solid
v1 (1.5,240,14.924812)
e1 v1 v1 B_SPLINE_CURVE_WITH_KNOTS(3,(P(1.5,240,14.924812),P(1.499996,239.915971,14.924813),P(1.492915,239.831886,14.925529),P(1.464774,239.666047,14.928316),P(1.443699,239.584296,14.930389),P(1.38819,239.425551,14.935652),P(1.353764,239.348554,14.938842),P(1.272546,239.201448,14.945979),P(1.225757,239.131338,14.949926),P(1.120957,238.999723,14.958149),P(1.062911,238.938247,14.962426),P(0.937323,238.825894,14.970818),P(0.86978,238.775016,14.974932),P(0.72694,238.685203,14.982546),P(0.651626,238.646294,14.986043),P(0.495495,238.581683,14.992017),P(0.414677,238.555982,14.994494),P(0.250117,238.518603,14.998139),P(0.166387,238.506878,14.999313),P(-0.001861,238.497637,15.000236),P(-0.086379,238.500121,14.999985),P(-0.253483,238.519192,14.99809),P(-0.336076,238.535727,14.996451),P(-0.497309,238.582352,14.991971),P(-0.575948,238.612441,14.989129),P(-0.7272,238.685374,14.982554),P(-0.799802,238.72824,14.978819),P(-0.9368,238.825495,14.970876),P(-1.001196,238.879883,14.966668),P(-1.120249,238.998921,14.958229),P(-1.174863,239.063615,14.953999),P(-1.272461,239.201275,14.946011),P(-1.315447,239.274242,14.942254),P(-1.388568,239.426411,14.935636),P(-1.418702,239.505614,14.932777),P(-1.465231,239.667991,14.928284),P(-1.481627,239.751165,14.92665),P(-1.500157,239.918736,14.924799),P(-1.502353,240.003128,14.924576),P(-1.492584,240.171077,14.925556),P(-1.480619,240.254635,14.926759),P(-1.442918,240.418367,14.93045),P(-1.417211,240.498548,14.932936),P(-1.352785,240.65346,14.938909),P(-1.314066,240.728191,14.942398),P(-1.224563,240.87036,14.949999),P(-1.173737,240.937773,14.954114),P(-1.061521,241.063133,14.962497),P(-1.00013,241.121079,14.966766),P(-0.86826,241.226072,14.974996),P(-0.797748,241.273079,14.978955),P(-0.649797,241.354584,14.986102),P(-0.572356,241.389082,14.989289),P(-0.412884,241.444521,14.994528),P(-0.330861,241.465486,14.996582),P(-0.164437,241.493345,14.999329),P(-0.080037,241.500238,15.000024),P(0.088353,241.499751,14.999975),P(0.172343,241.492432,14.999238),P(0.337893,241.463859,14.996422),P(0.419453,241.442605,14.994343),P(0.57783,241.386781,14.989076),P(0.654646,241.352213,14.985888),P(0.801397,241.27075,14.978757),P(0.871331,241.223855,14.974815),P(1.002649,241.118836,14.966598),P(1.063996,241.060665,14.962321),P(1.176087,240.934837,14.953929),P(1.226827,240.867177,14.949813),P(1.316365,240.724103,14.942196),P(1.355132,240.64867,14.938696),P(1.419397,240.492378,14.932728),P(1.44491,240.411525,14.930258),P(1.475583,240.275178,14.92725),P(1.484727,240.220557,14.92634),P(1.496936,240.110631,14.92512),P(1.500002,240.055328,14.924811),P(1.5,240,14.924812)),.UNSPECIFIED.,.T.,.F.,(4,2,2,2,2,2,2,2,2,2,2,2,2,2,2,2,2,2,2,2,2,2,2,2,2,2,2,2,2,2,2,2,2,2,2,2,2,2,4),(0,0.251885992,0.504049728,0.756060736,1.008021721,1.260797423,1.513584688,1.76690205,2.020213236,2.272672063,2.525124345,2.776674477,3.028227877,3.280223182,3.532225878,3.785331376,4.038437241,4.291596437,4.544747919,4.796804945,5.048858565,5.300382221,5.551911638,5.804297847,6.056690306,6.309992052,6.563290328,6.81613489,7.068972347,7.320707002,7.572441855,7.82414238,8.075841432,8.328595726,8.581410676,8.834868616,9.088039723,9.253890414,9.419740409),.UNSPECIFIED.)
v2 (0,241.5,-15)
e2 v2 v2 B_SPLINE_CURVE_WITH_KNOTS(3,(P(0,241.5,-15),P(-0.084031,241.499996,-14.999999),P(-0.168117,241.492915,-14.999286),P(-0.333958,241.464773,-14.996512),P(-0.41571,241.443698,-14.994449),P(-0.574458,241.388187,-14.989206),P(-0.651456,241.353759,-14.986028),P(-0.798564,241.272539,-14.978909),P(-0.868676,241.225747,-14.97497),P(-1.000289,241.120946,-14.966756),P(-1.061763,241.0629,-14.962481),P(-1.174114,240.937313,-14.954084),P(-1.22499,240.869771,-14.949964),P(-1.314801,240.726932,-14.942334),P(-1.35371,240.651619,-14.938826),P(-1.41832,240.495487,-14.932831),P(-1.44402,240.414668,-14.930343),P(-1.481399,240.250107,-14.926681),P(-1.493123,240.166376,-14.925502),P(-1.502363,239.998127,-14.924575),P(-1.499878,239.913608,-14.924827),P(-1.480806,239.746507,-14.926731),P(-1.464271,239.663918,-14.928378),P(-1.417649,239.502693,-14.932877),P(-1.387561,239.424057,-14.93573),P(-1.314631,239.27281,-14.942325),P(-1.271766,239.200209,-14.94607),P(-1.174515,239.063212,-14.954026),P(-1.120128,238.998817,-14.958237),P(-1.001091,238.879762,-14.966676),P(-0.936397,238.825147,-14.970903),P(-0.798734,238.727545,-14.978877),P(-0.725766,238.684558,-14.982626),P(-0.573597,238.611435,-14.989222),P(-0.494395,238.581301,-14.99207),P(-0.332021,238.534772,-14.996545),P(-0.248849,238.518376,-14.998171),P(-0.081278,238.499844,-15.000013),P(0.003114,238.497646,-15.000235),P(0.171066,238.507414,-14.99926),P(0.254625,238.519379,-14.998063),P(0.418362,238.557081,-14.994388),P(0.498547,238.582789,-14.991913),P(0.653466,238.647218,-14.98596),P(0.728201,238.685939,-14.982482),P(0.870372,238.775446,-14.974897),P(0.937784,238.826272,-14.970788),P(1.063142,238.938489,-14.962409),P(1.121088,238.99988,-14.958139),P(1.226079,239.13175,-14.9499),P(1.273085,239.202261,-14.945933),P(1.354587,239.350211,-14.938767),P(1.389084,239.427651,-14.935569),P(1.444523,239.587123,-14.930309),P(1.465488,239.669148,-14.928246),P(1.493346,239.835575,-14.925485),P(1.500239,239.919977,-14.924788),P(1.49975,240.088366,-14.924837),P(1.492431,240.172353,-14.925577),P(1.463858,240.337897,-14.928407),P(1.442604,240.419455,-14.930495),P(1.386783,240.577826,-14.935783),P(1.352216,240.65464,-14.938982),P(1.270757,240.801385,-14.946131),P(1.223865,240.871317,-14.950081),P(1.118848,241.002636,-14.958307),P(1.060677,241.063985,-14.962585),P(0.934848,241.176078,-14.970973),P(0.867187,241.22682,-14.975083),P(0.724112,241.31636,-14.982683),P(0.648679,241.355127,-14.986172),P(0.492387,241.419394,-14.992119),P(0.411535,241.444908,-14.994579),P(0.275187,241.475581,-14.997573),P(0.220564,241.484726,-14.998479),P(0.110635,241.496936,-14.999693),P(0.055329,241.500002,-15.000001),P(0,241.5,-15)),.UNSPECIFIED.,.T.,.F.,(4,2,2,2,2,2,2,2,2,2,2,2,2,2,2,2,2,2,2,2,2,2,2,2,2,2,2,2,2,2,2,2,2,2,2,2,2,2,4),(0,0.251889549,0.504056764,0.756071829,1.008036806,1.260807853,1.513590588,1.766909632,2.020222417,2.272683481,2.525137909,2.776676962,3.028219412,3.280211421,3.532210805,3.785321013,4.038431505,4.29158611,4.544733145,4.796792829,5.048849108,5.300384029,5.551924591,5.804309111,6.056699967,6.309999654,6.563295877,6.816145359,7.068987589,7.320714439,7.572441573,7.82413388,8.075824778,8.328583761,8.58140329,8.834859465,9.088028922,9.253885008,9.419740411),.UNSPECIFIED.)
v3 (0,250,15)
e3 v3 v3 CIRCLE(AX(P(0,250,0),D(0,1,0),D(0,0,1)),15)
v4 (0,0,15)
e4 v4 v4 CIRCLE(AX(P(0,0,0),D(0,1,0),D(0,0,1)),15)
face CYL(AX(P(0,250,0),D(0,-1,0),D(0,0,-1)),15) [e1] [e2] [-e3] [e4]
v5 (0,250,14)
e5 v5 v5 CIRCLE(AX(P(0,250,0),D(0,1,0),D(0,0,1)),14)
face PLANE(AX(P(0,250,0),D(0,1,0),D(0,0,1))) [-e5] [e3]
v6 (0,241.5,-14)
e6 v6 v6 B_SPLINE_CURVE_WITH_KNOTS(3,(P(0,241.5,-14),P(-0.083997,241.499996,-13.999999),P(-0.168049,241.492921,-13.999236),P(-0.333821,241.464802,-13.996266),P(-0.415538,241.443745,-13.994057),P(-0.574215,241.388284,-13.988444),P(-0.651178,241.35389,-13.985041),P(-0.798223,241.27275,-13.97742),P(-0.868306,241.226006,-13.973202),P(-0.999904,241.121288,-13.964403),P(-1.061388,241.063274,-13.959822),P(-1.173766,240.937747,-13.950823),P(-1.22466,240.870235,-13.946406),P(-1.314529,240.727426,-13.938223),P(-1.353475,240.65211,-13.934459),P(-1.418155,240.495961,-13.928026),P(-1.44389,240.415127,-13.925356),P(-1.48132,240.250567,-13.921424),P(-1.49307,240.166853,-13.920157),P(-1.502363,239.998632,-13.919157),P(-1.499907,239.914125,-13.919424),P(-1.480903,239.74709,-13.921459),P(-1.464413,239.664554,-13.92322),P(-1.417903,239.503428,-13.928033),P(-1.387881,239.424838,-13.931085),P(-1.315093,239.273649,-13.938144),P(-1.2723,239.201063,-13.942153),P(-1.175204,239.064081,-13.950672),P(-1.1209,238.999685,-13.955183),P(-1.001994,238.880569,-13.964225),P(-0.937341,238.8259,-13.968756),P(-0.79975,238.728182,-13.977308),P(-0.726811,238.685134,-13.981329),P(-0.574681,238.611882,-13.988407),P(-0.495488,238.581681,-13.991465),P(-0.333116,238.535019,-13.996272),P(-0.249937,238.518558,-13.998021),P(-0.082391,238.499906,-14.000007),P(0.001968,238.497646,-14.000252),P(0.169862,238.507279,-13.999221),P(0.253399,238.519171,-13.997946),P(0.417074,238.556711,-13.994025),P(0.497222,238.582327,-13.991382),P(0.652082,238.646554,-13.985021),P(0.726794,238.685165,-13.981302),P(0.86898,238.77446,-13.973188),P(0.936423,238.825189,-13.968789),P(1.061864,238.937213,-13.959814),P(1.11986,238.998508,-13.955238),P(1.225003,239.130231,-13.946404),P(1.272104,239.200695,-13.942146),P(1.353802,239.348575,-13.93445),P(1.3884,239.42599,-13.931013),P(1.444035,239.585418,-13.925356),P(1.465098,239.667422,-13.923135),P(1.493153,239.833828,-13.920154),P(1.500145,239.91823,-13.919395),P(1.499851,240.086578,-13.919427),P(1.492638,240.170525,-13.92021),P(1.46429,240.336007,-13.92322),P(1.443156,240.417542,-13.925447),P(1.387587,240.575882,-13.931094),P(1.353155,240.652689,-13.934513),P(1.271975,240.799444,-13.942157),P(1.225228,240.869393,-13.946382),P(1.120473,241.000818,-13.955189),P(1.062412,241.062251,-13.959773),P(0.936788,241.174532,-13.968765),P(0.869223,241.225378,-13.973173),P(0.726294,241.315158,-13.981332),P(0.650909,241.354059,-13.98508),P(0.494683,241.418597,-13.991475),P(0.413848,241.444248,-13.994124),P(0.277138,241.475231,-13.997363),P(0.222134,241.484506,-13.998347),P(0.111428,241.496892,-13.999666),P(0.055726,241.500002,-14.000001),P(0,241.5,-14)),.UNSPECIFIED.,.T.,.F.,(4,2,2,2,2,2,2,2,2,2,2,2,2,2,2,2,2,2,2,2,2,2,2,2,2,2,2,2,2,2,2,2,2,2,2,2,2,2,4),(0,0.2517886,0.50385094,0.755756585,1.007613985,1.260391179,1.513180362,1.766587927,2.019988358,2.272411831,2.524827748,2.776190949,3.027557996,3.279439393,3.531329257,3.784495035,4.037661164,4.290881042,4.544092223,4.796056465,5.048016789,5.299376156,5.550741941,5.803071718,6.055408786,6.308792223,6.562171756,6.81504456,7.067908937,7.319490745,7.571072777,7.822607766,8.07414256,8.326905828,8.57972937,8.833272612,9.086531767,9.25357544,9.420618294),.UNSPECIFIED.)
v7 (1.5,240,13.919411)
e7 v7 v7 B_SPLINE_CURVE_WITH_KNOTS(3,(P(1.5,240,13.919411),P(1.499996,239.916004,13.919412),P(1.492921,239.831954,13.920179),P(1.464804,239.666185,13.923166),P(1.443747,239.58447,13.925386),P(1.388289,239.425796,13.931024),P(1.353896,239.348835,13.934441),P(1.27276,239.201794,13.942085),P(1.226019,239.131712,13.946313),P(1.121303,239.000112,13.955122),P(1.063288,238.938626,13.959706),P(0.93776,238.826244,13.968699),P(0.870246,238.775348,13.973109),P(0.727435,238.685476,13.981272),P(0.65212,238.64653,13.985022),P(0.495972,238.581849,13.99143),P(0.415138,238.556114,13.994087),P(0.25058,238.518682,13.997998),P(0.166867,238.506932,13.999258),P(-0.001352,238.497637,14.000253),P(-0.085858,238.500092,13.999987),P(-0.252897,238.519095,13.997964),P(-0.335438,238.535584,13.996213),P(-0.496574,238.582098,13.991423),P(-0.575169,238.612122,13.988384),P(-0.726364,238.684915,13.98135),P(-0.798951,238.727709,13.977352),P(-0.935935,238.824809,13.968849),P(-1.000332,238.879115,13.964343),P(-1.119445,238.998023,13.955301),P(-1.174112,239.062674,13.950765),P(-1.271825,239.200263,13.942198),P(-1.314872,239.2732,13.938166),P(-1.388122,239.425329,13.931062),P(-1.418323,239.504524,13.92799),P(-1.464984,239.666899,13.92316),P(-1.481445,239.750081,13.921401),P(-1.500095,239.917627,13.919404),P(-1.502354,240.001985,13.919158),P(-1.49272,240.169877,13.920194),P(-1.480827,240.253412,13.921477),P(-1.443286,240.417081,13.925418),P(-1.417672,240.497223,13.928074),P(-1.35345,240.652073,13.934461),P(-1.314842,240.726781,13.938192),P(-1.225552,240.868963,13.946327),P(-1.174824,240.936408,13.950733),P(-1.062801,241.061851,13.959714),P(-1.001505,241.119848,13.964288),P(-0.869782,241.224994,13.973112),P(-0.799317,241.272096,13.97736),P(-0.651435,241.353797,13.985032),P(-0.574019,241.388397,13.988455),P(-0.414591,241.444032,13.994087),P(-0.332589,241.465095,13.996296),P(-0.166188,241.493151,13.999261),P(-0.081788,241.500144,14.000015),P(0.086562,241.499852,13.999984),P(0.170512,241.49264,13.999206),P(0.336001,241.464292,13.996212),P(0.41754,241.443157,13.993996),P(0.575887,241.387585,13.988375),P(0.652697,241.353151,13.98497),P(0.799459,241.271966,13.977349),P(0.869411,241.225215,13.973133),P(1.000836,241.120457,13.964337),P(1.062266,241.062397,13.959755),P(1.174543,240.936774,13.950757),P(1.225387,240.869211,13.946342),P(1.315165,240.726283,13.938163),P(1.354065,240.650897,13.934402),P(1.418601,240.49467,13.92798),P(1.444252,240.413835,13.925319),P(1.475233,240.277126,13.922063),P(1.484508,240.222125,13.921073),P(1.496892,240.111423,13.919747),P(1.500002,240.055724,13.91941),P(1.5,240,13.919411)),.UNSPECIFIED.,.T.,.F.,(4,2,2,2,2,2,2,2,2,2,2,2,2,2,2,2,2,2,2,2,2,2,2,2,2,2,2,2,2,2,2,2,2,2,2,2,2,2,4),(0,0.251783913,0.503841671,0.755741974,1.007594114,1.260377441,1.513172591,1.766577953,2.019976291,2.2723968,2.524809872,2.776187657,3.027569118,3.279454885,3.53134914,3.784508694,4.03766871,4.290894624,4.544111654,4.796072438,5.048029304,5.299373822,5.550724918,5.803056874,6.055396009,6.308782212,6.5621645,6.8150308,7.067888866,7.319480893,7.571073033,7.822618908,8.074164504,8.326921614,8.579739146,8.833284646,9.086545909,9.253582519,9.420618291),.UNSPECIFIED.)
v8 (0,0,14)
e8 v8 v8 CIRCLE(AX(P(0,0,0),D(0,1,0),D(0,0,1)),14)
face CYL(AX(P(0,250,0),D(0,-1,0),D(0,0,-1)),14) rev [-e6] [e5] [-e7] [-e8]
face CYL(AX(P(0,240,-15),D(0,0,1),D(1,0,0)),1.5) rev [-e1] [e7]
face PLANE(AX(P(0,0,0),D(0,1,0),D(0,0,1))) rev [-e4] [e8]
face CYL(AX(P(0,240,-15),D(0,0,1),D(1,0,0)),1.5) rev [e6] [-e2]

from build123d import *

# Parameters (mm, degrees)
SKETCH1_R               = 15
SKETCH1_R_2             = 14
BOSS_EXTRUDE1_DEPTH     = 250
CUT_EXTRUDE1_DEPTH      = 253.239965113
CUT_EXTRUDE1_DEPTH_BACK = 253.239965113
SKETCH2_R               = 1.5


with BuildPart() as part:
    # Sketch1 → Boss-Extrude1 (new body)
    with BuildSketch(Plane(origin=(0, 0, 0), x_dir=(1, 0, 0), z_dir=(0, 1, 0))):
        with Locations(Location((0, 0, 0), (0, 0, 270))):
            Circle(SKETCH1_R)
        with Locations(Location((0, 0, 0), (0, 0, 270))):
            Circle(SKETCH1_R_2, mode=Mode.SUBTRACT)
    extrude(amount=BOSS_EXTRUDE1_DEPTH)

    # Sketch2 → Cut-Extrude1 (cut, two sides: drawn at the far end of the back side and taken through both)
    with BuildSketch(Plane.XY.offset(15).offset(-CUT_EXTRUDE1_DEPTH_BACK)):
        with Locations((0, 240)):
            Circle(SKETCH2_R)
    extrude(amount=CUT_EXTRUDE1_DEPTH + CUT_EXTRUDE1_DEPTH_BACK, mode=Mode.SUBTRACT)


solid = part.part
